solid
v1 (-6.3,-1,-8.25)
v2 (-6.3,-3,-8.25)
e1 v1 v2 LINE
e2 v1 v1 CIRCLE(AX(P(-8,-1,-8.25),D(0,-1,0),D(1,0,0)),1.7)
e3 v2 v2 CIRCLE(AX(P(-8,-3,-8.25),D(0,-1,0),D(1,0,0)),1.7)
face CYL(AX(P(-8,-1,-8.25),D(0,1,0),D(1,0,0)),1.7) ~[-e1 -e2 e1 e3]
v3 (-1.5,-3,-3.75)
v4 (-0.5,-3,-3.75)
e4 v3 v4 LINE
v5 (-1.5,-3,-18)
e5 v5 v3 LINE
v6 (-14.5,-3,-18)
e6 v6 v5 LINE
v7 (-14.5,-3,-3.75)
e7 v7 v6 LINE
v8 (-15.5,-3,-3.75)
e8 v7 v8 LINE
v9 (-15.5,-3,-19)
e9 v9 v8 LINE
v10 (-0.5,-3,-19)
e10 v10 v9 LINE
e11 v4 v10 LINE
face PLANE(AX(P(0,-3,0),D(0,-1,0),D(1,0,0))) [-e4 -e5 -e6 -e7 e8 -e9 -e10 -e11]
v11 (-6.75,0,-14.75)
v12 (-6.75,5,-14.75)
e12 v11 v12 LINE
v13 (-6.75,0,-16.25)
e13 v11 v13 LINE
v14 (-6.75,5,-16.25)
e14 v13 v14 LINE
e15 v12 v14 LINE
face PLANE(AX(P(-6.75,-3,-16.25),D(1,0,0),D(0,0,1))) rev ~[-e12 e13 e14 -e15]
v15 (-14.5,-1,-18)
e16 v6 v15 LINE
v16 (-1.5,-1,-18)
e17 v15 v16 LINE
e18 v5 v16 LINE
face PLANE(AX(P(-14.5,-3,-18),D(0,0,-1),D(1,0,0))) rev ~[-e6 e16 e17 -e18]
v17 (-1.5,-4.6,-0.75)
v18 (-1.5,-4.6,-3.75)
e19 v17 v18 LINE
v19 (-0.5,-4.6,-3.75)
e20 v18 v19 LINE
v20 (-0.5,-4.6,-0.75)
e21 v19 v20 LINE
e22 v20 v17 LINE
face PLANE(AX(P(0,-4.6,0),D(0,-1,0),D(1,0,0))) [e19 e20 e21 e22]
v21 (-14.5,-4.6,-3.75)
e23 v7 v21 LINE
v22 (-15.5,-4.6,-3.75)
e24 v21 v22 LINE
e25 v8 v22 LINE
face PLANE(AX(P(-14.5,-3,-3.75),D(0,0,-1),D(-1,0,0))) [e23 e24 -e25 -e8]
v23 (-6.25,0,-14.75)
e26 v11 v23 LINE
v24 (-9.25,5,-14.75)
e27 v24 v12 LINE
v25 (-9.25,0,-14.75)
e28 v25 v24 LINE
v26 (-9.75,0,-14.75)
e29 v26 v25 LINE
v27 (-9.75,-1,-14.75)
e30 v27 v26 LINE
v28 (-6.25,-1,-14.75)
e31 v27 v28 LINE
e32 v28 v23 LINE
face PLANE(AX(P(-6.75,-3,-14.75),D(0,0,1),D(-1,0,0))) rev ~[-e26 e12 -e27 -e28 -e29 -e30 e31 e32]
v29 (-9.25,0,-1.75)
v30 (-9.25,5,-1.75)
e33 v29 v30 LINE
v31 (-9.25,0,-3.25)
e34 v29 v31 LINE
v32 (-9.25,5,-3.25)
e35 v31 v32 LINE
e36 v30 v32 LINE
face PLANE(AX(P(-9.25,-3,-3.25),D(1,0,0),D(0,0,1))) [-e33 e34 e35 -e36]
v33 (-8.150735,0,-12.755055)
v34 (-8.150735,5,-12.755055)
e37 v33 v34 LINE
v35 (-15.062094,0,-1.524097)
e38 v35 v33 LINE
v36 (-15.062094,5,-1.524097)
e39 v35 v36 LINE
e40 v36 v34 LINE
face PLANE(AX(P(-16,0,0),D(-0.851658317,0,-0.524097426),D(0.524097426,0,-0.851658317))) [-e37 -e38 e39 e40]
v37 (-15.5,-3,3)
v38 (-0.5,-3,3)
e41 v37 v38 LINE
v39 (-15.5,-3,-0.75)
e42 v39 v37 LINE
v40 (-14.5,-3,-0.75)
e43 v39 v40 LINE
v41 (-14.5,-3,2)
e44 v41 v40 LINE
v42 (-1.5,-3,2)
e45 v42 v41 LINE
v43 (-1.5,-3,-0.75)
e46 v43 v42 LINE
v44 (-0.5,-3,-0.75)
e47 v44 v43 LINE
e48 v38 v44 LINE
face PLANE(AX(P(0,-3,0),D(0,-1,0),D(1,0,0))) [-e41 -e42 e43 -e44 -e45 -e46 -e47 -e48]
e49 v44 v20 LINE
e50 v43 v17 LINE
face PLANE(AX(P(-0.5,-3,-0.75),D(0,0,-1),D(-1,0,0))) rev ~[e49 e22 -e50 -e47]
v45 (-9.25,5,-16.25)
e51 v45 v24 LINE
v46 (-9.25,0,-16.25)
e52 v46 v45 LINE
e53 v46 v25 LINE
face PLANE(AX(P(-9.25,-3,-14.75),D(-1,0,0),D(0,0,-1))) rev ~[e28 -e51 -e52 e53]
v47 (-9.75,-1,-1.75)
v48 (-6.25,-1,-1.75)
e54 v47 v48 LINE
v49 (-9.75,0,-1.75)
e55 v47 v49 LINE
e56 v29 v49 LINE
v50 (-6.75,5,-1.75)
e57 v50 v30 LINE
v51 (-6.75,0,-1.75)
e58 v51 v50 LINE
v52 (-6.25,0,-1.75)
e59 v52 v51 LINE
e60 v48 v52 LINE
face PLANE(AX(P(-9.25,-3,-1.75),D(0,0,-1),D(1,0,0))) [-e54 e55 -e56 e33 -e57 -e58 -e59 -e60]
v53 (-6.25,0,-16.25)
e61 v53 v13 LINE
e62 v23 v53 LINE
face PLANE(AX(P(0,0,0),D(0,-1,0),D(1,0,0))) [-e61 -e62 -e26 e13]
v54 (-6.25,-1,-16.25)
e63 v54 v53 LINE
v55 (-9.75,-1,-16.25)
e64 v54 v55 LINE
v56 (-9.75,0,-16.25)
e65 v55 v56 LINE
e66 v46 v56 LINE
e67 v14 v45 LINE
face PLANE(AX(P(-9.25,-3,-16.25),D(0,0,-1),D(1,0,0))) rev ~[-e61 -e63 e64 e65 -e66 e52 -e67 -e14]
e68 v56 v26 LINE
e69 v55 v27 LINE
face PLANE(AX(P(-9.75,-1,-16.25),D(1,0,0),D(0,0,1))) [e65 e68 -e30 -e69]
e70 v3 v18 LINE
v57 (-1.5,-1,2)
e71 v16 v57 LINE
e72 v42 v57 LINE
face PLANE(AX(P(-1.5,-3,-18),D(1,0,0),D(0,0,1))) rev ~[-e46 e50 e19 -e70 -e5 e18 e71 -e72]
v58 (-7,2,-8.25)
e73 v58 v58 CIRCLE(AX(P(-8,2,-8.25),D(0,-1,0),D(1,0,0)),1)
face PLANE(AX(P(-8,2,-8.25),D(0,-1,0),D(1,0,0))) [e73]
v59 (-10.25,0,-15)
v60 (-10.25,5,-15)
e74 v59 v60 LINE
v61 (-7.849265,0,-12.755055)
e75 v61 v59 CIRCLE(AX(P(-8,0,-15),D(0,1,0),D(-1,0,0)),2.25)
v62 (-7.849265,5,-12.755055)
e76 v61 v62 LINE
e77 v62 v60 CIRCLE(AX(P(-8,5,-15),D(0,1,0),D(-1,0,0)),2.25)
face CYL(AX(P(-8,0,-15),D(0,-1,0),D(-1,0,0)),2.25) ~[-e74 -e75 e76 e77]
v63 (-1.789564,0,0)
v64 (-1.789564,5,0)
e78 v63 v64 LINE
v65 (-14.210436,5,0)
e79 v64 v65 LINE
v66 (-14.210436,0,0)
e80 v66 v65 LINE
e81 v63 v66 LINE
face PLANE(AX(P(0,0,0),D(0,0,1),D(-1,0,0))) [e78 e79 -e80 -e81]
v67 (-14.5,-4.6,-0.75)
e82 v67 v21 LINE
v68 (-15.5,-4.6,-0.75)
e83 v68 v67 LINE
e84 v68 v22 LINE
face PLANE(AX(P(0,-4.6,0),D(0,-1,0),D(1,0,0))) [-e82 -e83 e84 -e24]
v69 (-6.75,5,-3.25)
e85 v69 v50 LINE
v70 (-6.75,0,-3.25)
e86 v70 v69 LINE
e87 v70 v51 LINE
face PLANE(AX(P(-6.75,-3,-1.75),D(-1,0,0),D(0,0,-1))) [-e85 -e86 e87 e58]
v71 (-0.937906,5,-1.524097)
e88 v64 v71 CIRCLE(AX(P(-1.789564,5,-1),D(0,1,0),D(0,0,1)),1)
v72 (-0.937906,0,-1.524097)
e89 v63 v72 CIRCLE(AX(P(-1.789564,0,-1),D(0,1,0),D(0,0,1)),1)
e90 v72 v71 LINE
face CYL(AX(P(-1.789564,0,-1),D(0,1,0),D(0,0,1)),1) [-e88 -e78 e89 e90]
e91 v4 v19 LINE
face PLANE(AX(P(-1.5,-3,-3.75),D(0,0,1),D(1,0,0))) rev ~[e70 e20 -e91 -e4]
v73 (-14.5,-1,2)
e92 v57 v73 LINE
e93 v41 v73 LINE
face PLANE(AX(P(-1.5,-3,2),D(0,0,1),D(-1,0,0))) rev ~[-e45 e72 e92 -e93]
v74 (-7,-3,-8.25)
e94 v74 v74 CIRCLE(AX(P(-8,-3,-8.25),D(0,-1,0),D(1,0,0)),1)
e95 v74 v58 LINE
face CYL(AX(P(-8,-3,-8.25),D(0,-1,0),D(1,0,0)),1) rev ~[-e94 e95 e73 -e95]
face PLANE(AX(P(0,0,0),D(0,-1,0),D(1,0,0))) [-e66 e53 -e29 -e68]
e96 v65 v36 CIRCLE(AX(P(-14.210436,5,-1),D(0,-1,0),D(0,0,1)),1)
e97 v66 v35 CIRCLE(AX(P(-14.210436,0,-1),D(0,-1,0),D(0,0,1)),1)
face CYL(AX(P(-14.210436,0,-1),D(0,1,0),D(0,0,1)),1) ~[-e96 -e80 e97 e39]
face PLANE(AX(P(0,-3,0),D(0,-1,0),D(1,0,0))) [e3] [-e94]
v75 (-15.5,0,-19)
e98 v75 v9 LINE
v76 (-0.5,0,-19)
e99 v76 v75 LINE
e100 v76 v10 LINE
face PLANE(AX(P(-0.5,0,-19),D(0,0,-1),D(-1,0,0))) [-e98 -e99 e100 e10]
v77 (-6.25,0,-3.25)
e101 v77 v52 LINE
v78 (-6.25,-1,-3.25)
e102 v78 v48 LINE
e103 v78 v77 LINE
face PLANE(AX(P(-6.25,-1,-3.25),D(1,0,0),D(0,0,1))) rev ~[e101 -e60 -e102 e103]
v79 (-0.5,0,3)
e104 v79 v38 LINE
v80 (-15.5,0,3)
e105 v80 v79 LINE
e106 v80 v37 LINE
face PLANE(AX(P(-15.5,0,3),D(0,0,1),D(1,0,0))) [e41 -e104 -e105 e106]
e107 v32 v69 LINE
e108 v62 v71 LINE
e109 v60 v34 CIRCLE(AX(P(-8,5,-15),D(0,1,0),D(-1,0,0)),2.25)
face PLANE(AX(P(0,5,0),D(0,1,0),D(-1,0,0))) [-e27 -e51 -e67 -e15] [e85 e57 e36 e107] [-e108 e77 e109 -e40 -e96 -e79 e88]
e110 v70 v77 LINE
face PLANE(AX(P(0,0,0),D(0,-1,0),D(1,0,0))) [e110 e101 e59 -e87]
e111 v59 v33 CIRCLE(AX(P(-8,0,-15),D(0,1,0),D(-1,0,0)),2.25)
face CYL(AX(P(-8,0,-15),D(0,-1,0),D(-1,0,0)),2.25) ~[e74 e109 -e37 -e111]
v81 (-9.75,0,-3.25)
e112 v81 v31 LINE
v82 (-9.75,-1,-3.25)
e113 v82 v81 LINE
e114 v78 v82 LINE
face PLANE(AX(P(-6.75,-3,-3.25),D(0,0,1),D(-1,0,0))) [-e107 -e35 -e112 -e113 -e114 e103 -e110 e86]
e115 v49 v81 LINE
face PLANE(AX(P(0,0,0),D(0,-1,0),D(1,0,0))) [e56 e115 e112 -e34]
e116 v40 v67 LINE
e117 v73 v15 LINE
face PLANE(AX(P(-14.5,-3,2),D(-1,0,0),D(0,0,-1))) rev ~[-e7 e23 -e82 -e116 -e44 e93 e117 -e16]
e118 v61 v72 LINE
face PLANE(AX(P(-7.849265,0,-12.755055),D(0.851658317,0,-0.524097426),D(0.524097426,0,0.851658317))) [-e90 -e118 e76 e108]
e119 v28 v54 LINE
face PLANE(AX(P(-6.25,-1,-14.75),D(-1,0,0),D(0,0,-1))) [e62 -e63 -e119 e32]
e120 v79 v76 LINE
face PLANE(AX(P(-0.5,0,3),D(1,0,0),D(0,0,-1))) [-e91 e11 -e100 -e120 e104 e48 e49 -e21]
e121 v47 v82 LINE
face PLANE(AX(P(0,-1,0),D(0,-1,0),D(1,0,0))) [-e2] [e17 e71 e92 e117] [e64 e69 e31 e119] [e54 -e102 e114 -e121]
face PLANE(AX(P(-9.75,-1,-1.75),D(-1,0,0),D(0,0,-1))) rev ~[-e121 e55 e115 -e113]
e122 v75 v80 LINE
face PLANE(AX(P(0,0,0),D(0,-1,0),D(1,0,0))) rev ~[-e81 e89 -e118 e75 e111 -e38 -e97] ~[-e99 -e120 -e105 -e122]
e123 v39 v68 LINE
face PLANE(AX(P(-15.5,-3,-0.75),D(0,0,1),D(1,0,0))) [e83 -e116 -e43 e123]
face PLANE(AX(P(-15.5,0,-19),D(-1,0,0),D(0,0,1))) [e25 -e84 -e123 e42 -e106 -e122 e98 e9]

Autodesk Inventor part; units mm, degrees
ref_plane "YZ Plane" through (0, 0, 0) normal (1, 0, 0) x (0, 1, 0)
ref_plane "XZ Plane" through (0, 0, 0) normal (0, 1, 0) x (-1, 0, 0)
ref_plane "XY Plane" through (0, 0, 0) normal (0, 0, 1) x (1, 0, 0)
sketch "Sketch5" plane through (0, 0, 0) normal (0, 1, 0) x (-1, 0, 0)
  line L0 (-3.1299, 16.302) -> (-3.1299, -27.8812) construction
  line L1 (-3.1299, -27.8812) -> (-19.0358, -27.8812) construction
  line L2 (-19.0358, -27.8812) -> (-19.0358, 16.302) construction
  line L3 (-19.0358, 16.302) -> (-3.1299, 16.302) construction
  line L4 (0, 0) -> (16, 0)
  line L5 (8, 0) -> (8, -24.9508) construction
  line L6 (16, 0) -> (8, -13)
  line L7 (8, -13) -> (0, 0)
  circle A0 centre (8, -15) radius 2.25
  line L8 (0, 0) -> (0, -12.5098) construction
  point P0 (7.8493, -12.7551)
  point P1 (8.1507, -12.7551)
  dimension "d36" = 16
  dimension "d42" = 13
  dimension "d43" = 2
  dimension "d143" = 4.5
extrude "Extrusion4" add sketch "Sketch5" along normal blind 5
sketch "Sketch6" plane through (0, 5, 0) normal (0, 1, 0) x (1, 0, 0)
  arc A0 (-7.8493, 12.7551) -> (-8.1507, 12.7551) centre (-8, 15) ccw projected
  circle A1 centre (-8, 15) radius 1.75
  line L0 (-16, 0) -> (0, 0) projected
  line L1 (-16, 0) -> (0, 0) construction
  line L2 (-14.2104, 1) -> (-8, 11.092)
  line L3 (-8.1507, 12.7551) -> (-16, 0) projected
  line L4 (-8, 11.092) -> (-1.7896, 1)
  line L5 (0, 0) -> (-7.8493, 12.7551) projected
  line L6 (-14.2104, 1) -> (-1.7896, 1)
  line L7 (-8, 15) -> (-8, 0) construction
  dimension "d46" = 0.5
  dimension "d52" = 1
  dimension "d53" = 1
extrude "Extrusion5" [suppressed]
fillet "Fillet1" radius 1 2 edges at (0, 2.5, 0) (-16, 2.5, 0)
sketch "Sketch9" plane through (0, 0, 0) normal (0, -1, 0) x (1, 0, 0)
  line L0 (-15.5, 3) -> (-0.5, 3)
  line L1 (-0.5, 3) -> (-0.5, -19)
  line L2 (-0.5, -19) -> (-15.5, -19)
  line L3 (-15.5, -19) -> (-15.5, 3)
  line L4 (-15.5, 3) -> (-0.5, -19) construction
  line L5 (-0.5, 3) -> (-15.5, -19) construction
  line L6 (-14.2104, 0) -> (-1.7896, 0) projected
  line L7 (-8, -15) -> (-8, 0) construction
  arc A0 (-8.1507, -12.7551) -> (-7.8493, -12.7551) centre (-8, -15) ccw construction
  circle A1 centre (-8, -15) radius 2.1568 construction
  point P0 (0, 0)
  point P1 (-8, -8)
  dimension "d75" = 15
  dimension "d76" = 22
  dimension "d77" = 3
extrude "Extrusion7" add sketch "Sketch9" along normal blind 3
sketch "Sketch10" plane through (0, -3, 0) normal (0, -1, 0) x (1, 0, 0)
  line L0 (-0.5, -19) -> (-0.5, 3) projected
  line L1 (-0.5, -0.75) -> (-1.5, -0.75)
  line L2 (-1.5, -0.75) -> (-1.5, -3.75)
  line L3 (-1.5, -3.75) -> (-0.5, -3.75)
  line L4 (-0.5, -3.75) -> (-0.5, -0.75)
  line L5 (-15.5, 3) -> (-15.5, -19) projected
  line L6 (-15.5, -0.75) -> (-14.5, -0.75)
  line L7 (-14.5, -0.75) -> (-14.5, -3.75)
  line L8 (-14.5, -3.75) -> (-15.5, -3.75)
  line L9 (-15.5, -3.75) -> (-15.5, -0.75)
  line L10 (-0.5, 3) -> (-15.5, 3) projected
  point P0 (0, 0)
  point P1 (-15.5, -3.75)
  point P2 (-0.5, -3.75)
  dimension "d80" = 1
  dimension "d81" = 3
  dimension "d82" = 1
  dimension "d83" = 3
  dimension "d84" = 3.75
  dimension "d85" = 3.75
extrude "Extrusion8" add sketch "Sketch10" along normal blind 1.6
sketch "Sketch11" plane through (0, -3, 0) normal (0, -1, 0) x (1, 0, 0)
  line L0 (-9.25, -1.75) -> (-6.75, -1.75)
  line L1 (-6.75, -1.75) -> (-6.75, -3.25)
  line L2 (-6.75, -3.25) -> (-9.25, -3.25)
  line L3 (-9.25, -3.25) -> (-9.25, -1.75)
  line L4 (-8, 0) -> (-8, -15.1696) construction
  line L5 (-15.5, -19) -> (-0.5, -19) construction
  line L6 (-8, -19) -> (-8, 3) construction
  line L7 (-0.5, 3) -> (-15.5, 3) construction
  line L8 (-1.5, -0.75) -> (-1.5, -3.75) projected
  line L9 (-14.5, -3.75) -> (-14.5, -0.75) projected
  line L10 (-0.5, -0.75) -> (-1.5, -0.75) projected
  line L11 (-15.5, -3.75) -> (-15.5, -19) projected
  line L12 (-6.75, -14.75) -> (-9.25, -14.75)
  line L13 (-9.25, -14.75) -> (-9.25, -16.25)
  line L14 (-9.25, -16.25) -> (-6.75, -16.25)
  line L15 (-6.75, -16.25) -> (-6.75, -14.75)
  line L16 (-6.75, -14.75) -> (-9.25, -16.25) construction
  line L17 (-9.25, -14.75) -> (-6.75, -16.25) construction
  line L18 (-1.5, -3.75) -> (-0.5, -3.75) projected
  point P0 (0, 0)
  point P1 (-8, -1.75)
  point P2 (-9.25, -2.5)
  point P3 (-8, -3.25)
  point P4 (-8, 0)
  point P5 (-8, -8)
  point P6 (-6.75, -2.5)
  point P7 (-8, -15.5)
  point P8 (-6.75, -15.5)
  dimension "d129" = 7.5
  dimension "d133" = 1.5
  dimension "d136" = 2.5
  dimension "d137" = 1.5
  dimension "d138" = 13
  dimension "d141" = 0.5
extrude "Extrusion9" cut sketch "Sketch11" against normal blind 16
sketch "Sketch13" plane through (0, -3, 0) normal (0, -1, 0) x (1, 0, 0)
  line L0 (-1.5, 2) -> (-14.5, 2)
  line L1 (-14.5, 2) -> (-14.5, -18)
  line L2 (-14.5, -18) -> (-1.5, -18)
  line L3 (-1.5, -18) -> (-1.5, 2)
  line L4 (-0.5, 3) -> (-15.5, 3) projected
  line L5 (-0.5, -0.75) -> (-0.5, 3) projected
  line L6 (-15.5, 3) -> (-15.5, -0.75) projected
  line L7 (-15.5, -19) -> (-0.5, -19) projected
  point P0 (0, 0)
  point P1 (-15.5, 1.125)
  dimension "d106" = 1
  dimension "d107" = 1
  dimension "d108" = 1
  dimension "d109" = 1
extrude "Extrusion11" cut sketch "Sketch13" against normal blind 2
sketch "Sketch14" plane through (0, -1, 0) normal (0, -1, 0) x (1, 0, 0)
  line L0 (-9.25, -14.75) -> (-9.25, -16.25) construction
  line L1 (-9.25, -15.5) -> (-6.75, -15.5) construction
  line L2 (-6.75, -16.25) -> (-6.75, -14.75) construction
  line L3 (-9.25, -16.25) -> (-6.75, -16.25) construction
  line L4 (-8, -16.25) -> (-8, -1.75) construction
  line L5 (-6.75, -1.75) -> (-9.25, -1.75) construction
  line L6 (-9.25, -1.75) -> (-9.25, -3.25) construction
  line L7 (-9.25, -2.5) -> (-6.75, -2.5) construction
  line L8 (-6.25, -16.25) -> (-9.75, -16.25)
  line L9 (-9.75, -16.25) -> (-9.75, -14.75)
  line L10 (-9.75, -14.75) -> (-6.25, -14.75)
  line L11 (-6.25, -14.75) -> (-6.25, -16.25)
  line L12 (-6.25, -16.25) -> (-9.75, -14.75) construction
  line L13 (-9.75, -16.25) -> (-6.25, -14.75) construction
  line L14 (-6.25, -1.75) -> (-9.75, -1.75)
  line L15 (-9.75, -1.75) -> (-9.75, -3.25)
  line L16 (-9.75, -3.25) -> (-6.25, -3.25)
  line L17 (-6.25, -3.25) -> (-6.25, -1.75)
  line L18 (-6.25, -1.75) -> (-9.75, -3.25) construction
  line L19 (-9.75, -1.75) -> (-6.25, -3.25) construction
  point P0 (0, 0)
  point P1 (-8, -15.5)
  point P2 (-8, -2.5)
  dimension "d139" = 3.5
  dimension "d140" = 1.5
extrude "Extrusion12" cut sketch "Sketch14" against normal blind 1
sketch "Sketch15" plane through (0, -1, 0) normal (0, -1, 0) x (1, 0, 0)
  circle A0 centre (-8, -8.25) radius 1
  line L0 (-8, 0) -> (-8, -15) construction
  circle A1 centre (-8, -8.25) radius 1.7
  line L1 (-14.5, 2) -> (-1.5, 2) projected
  line L2 (-9.25, -3.25) -> (-6.75, -3.25) projected
  point P0 (0, 0)
  point P1 (-10.0959, -3.25)
  point P2 (-13.4041, -3.25)
  point P3 (-6.25, -3.25)
  point P4 (-9.75, -3.25)
  dimension "d117" = 2
  dimension "d118" = 0.7
  dimension "d131" = 10.25
extrude "Extrusion13" add sketch "Sketch15" along normal blind 2 contours A0 | A1
sketch "Sketch17" plane through (0, -1, 0) normal (0, -1, 0) x (1, 0, 0)
  point P0 (0, 0)
sketch "Sketch16" plane through (-8, -3, -8.25) normal (0, -1, 0) x (1, 0, 0)
  circle A0 centre (0, 0) radius 1.7 projected
  circle A1 centre (0, 0) radius 1
  point P0 (8, 8.25)
  point P1 (-1.9339, 0.25)
  point P2 (1.9339, 0.25)
  dimension "d123" = 2
  dimension "d60" = 2.5
  dimension "d61" = 0.7
  dimension "d62" = 2.5
  dimension "d63" = 1.5
  dimension "d68" = 13
  dimension "d69" = 3.75
  dimension "d70" = 3.75
  dimension "d72" = 3.75
  dimension "d0" = 15
  dimension "d2" = 10
  dimension "d11" = 5
  dimension "d12" = 1.8
extrude "Extrusion14" cut sketch "Sketch16" against normal blind 5 contours A1
properties part number "NOTGATE"
